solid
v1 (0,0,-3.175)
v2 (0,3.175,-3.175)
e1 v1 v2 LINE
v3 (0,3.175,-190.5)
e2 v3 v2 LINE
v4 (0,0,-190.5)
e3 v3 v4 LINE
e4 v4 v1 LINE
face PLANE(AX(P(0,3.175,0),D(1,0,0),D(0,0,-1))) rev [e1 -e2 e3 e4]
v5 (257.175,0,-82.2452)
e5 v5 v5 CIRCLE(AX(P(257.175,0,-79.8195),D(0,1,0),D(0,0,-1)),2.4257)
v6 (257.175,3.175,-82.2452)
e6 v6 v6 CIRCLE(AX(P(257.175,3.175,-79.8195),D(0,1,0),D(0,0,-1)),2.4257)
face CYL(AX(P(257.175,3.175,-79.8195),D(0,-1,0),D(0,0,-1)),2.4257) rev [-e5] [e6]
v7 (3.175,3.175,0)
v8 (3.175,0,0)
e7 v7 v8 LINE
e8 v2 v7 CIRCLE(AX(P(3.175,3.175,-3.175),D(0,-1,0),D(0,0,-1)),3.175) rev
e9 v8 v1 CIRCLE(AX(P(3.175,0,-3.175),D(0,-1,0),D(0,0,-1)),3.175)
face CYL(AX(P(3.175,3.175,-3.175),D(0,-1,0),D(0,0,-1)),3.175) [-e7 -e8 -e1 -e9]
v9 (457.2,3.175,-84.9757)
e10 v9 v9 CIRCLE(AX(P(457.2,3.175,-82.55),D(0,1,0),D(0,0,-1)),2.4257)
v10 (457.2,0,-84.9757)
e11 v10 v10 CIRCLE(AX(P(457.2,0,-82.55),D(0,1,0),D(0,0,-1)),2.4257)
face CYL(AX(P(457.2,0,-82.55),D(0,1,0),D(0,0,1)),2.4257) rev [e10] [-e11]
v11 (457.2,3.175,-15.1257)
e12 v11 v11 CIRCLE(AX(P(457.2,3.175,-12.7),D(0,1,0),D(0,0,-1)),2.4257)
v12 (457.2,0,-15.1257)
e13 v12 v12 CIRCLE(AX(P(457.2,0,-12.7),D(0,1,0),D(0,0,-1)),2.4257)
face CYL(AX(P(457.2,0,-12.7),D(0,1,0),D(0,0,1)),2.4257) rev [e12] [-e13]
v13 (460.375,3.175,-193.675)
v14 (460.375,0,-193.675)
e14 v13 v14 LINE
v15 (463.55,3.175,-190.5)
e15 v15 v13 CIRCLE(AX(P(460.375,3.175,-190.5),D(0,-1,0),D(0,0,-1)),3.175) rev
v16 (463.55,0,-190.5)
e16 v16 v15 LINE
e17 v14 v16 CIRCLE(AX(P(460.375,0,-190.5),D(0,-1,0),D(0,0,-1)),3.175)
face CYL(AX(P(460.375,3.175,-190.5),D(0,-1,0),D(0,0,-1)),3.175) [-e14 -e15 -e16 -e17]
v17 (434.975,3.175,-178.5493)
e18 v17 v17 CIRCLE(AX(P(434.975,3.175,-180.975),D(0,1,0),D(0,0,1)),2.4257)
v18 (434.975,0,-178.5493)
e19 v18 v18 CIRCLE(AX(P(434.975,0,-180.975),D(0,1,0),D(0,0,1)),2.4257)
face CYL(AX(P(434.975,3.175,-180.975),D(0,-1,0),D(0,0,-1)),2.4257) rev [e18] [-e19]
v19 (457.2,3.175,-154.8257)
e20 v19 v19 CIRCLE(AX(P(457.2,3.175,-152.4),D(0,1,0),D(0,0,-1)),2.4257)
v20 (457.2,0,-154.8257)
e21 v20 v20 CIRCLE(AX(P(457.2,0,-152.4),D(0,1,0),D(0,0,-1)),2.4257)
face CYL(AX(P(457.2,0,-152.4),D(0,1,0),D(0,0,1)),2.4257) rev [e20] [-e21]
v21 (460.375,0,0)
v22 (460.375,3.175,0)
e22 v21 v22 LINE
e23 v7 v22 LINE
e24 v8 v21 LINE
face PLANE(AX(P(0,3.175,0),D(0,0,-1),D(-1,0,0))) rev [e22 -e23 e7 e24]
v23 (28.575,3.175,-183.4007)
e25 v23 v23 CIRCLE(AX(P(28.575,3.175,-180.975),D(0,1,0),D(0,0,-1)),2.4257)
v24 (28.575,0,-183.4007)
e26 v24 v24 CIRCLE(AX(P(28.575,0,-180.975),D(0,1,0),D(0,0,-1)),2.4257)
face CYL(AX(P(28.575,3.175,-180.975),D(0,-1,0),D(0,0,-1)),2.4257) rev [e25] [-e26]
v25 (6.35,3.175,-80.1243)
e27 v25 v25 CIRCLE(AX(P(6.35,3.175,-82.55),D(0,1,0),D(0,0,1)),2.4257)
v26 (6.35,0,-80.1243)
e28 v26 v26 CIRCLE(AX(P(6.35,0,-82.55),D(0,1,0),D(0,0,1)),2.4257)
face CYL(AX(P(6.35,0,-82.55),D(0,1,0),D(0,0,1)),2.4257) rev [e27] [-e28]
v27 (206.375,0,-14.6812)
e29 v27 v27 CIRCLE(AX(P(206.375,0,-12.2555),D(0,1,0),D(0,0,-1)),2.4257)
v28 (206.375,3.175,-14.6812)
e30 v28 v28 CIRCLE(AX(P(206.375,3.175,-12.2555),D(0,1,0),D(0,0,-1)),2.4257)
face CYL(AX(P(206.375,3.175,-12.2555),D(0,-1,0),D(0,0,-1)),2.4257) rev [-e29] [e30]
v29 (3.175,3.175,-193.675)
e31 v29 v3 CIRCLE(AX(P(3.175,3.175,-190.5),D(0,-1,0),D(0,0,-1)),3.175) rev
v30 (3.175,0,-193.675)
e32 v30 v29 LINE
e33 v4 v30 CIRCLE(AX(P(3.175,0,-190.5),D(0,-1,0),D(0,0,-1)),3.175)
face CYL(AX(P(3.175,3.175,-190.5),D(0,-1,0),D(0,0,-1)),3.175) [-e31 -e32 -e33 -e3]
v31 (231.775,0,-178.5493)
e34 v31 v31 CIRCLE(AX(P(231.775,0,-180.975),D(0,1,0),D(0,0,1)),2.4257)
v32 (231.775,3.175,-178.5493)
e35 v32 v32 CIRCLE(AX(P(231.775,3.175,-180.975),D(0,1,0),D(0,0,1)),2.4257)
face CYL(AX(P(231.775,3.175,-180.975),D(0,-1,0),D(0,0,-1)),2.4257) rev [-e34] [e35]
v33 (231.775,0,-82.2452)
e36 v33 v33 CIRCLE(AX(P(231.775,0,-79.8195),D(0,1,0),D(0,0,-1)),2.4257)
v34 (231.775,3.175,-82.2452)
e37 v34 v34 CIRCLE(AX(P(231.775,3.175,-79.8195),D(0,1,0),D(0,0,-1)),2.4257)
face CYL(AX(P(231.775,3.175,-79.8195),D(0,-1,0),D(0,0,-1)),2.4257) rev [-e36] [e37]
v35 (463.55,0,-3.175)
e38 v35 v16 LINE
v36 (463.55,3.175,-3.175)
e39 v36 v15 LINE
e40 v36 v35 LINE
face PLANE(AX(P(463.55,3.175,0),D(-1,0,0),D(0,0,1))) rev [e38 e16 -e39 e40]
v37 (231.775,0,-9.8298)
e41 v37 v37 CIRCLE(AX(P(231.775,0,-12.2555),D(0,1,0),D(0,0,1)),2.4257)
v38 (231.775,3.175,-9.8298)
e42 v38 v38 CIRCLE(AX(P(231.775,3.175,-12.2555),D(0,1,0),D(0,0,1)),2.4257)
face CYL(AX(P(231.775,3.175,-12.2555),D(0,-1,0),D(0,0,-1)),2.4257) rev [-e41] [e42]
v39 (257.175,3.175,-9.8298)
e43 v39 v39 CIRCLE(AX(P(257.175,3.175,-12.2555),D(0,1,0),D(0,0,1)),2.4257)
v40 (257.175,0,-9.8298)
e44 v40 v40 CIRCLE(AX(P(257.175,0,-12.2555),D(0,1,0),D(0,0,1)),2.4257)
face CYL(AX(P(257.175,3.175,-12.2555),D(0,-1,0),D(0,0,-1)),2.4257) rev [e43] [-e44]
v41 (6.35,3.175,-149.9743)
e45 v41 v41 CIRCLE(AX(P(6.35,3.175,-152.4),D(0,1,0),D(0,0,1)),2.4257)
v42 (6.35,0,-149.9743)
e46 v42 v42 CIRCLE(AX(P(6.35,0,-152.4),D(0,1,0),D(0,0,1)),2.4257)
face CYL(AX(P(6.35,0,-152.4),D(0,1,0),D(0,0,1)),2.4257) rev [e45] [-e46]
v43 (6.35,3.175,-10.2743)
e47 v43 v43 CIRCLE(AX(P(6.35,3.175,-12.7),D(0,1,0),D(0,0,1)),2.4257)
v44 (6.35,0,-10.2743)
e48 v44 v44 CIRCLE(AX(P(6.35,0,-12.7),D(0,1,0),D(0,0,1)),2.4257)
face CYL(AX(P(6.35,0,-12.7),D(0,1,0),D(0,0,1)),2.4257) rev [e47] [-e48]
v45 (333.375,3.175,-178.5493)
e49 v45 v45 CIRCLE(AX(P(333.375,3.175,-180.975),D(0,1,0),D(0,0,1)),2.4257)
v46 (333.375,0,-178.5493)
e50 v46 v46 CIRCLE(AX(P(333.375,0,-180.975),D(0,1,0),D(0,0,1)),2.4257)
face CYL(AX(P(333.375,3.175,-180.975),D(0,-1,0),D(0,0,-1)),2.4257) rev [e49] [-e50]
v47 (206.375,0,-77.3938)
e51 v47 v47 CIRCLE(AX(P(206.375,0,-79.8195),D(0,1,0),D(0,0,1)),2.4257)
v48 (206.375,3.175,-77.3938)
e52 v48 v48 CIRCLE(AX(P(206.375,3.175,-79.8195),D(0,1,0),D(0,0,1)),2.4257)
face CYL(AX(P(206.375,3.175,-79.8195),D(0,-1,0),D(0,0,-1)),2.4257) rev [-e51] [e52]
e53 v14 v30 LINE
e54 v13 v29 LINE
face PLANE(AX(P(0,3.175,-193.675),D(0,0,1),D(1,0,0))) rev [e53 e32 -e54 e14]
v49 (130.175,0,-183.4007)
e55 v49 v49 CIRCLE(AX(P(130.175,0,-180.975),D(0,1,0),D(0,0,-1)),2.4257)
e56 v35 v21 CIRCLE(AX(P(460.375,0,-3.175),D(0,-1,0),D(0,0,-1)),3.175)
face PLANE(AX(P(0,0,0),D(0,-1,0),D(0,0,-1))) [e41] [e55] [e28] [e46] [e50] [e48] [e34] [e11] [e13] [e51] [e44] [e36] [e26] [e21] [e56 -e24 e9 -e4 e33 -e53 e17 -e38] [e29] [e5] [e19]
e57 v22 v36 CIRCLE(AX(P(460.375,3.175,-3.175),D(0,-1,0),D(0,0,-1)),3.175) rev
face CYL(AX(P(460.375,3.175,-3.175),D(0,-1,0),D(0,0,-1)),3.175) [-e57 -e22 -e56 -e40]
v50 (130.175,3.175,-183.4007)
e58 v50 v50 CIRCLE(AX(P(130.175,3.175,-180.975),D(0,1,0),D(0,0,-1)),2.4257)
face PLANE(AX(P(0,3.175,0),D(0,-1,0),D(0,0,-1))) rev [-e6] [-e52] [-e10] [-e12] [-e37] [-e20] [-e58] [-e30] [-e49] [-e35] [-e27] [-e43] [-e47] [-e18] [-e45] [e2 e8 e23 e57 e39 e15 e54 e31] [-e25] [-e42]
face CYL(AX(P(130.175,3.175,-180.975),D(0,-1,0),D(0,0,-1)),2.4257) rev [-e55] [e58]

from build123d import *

# Parameters (mm, degrees)
SKETCH1_W           = 463.55
SKETCH1_H           = 193.675
SKETCH1_R           = 2.4257
BOSS_EXTRUDE1_DEPTH = 3.175
SKETCH2_R           = 2.4257
CUT_EXTRUDE1_DEPTH  = 503.392962481
FILLET1_R           = 3.175


with BuildPart() as part:
    # Sketch1 → Boss-Extrude1 (new body)
    with BuildSketch(Plane(origin=(0, 0, 0), x_dir=(1, 0, 0), z_dir=(0, 1, 0))):
        with Locations((231.775, 96.8375)):
            Rectangle(SKETCH1_W, SKETCH1_H)
        with Locations(Location((231.775, 12.2555, 0), (0, 0, 270))):
            Circle(SKETCH1_R, mode=Mode.SUBTRACT)
        with Locations(Location((257.175, 12.2555, 0), (0, 0, 270))):
            Circle(SKETCH1_R, mode=Mode.SUBTRACT)
        with Locations(Location((206.375, 12.2555, 0), (0, 0, 90))):
            Circle(SKETCH1_R, mode=Mode.SUBTRACT)
        with Locations(Location((257.175, 79.8195, 0), (0, 0, 90))):
            Circle(SKETCH1_R, mode=Mode.SUBTRACT)
        with Locations(Location((231.775, 79.8195, 0), (0, 0, 90))):
            Circle(SKETCH1_R, mode=Mode.SUBTRACT)
        with Locations(Location((206.375, 79.8195, 0), (0, 0, 270))):
            Circle(SKETCH1_R, mode=Mode.SUBTRACT)
        with Locations(Location((231.775, 180.975, 0), (0, 0, 270))):
            Circle(SKETCH1_R, mode=Mode.SUBTRACT)
        with Locations(Location((333.375, 180.975, 0), (0, 0, 270))):
            Circle(SKETCH1_R, mode=Mode.SUBTRACT)
        with Locations(Location((434.975, 180.975, 0), (0, 0, 270))):
            Circle(SKETCH1_R, mode=Mode.SUBTRACT)
        with Locations(Location((28.575, 180.975, 0), (0, 0, 90))):
            Circle(SKETCH1_R, mode=Mode.SUBTRACT)
        with Locations(Location((130.175, 180.975, 0), (0, 0, 90))):
            Circle(SKETCH1_R, mode=Mode.SUBTRACT)
    extrude(amount=BOSS_EXTRUDE1_DEPTH)

    # Sketch2 → Cut-Extrude1 (cut, through all)
    with BuildSketch(Plane(origin=(0, 3.175, 0), x_dir=(1, 0, 0), z_dir=(0, 1, 0))):
        with Locations(Location((6.35, 12.7, 0), (0, 0, 270))):
            Circle(SKETCH2_R)
        with Locations(Location((6.35, 82.55, 0), (0, 0, 270))):
            Circle(SKETCH2_R)
        with Locations(Location((6.35, 152.4, 0), (0, 0, 270))):
            Circle(SKETCH2_R)
        with Locations((6.35, 222.25)):
            Circle(SKETCH2_R)
        with Locations((457.2, 222.25)):
            Circle(SKETCH2_R)
        with Locations(Location((457.2, 152.4, 0), (0, 0, 90))):
            Circle(SKETCH2_R)
        with Locations(Location((457.2, 82.55, 0), (0, 0, 90))):
            Circle(SKETCH2_R)
        with Locations(Location((457.2, 12.7, 0), (0, 0, 90))):
            Circle(SKETCH2_R)
    extrude(amount=-CUT_EXTRUDE1_DEPTH, mode=Mode.SUBTRACT)

    # Fillet1
    fillet1_edges = [part.edges().sort_by_distance(p)[0] for p in [
        (0, 1.5875, -193.675),
        (463.55, 1.5875, -193.675),
        (463.55, 1.5875, 0),
        (0, 1.5875, 0),
    ]]
    fillet(fillet1_edges, radius=FILLET1_R)


solid = part.part
